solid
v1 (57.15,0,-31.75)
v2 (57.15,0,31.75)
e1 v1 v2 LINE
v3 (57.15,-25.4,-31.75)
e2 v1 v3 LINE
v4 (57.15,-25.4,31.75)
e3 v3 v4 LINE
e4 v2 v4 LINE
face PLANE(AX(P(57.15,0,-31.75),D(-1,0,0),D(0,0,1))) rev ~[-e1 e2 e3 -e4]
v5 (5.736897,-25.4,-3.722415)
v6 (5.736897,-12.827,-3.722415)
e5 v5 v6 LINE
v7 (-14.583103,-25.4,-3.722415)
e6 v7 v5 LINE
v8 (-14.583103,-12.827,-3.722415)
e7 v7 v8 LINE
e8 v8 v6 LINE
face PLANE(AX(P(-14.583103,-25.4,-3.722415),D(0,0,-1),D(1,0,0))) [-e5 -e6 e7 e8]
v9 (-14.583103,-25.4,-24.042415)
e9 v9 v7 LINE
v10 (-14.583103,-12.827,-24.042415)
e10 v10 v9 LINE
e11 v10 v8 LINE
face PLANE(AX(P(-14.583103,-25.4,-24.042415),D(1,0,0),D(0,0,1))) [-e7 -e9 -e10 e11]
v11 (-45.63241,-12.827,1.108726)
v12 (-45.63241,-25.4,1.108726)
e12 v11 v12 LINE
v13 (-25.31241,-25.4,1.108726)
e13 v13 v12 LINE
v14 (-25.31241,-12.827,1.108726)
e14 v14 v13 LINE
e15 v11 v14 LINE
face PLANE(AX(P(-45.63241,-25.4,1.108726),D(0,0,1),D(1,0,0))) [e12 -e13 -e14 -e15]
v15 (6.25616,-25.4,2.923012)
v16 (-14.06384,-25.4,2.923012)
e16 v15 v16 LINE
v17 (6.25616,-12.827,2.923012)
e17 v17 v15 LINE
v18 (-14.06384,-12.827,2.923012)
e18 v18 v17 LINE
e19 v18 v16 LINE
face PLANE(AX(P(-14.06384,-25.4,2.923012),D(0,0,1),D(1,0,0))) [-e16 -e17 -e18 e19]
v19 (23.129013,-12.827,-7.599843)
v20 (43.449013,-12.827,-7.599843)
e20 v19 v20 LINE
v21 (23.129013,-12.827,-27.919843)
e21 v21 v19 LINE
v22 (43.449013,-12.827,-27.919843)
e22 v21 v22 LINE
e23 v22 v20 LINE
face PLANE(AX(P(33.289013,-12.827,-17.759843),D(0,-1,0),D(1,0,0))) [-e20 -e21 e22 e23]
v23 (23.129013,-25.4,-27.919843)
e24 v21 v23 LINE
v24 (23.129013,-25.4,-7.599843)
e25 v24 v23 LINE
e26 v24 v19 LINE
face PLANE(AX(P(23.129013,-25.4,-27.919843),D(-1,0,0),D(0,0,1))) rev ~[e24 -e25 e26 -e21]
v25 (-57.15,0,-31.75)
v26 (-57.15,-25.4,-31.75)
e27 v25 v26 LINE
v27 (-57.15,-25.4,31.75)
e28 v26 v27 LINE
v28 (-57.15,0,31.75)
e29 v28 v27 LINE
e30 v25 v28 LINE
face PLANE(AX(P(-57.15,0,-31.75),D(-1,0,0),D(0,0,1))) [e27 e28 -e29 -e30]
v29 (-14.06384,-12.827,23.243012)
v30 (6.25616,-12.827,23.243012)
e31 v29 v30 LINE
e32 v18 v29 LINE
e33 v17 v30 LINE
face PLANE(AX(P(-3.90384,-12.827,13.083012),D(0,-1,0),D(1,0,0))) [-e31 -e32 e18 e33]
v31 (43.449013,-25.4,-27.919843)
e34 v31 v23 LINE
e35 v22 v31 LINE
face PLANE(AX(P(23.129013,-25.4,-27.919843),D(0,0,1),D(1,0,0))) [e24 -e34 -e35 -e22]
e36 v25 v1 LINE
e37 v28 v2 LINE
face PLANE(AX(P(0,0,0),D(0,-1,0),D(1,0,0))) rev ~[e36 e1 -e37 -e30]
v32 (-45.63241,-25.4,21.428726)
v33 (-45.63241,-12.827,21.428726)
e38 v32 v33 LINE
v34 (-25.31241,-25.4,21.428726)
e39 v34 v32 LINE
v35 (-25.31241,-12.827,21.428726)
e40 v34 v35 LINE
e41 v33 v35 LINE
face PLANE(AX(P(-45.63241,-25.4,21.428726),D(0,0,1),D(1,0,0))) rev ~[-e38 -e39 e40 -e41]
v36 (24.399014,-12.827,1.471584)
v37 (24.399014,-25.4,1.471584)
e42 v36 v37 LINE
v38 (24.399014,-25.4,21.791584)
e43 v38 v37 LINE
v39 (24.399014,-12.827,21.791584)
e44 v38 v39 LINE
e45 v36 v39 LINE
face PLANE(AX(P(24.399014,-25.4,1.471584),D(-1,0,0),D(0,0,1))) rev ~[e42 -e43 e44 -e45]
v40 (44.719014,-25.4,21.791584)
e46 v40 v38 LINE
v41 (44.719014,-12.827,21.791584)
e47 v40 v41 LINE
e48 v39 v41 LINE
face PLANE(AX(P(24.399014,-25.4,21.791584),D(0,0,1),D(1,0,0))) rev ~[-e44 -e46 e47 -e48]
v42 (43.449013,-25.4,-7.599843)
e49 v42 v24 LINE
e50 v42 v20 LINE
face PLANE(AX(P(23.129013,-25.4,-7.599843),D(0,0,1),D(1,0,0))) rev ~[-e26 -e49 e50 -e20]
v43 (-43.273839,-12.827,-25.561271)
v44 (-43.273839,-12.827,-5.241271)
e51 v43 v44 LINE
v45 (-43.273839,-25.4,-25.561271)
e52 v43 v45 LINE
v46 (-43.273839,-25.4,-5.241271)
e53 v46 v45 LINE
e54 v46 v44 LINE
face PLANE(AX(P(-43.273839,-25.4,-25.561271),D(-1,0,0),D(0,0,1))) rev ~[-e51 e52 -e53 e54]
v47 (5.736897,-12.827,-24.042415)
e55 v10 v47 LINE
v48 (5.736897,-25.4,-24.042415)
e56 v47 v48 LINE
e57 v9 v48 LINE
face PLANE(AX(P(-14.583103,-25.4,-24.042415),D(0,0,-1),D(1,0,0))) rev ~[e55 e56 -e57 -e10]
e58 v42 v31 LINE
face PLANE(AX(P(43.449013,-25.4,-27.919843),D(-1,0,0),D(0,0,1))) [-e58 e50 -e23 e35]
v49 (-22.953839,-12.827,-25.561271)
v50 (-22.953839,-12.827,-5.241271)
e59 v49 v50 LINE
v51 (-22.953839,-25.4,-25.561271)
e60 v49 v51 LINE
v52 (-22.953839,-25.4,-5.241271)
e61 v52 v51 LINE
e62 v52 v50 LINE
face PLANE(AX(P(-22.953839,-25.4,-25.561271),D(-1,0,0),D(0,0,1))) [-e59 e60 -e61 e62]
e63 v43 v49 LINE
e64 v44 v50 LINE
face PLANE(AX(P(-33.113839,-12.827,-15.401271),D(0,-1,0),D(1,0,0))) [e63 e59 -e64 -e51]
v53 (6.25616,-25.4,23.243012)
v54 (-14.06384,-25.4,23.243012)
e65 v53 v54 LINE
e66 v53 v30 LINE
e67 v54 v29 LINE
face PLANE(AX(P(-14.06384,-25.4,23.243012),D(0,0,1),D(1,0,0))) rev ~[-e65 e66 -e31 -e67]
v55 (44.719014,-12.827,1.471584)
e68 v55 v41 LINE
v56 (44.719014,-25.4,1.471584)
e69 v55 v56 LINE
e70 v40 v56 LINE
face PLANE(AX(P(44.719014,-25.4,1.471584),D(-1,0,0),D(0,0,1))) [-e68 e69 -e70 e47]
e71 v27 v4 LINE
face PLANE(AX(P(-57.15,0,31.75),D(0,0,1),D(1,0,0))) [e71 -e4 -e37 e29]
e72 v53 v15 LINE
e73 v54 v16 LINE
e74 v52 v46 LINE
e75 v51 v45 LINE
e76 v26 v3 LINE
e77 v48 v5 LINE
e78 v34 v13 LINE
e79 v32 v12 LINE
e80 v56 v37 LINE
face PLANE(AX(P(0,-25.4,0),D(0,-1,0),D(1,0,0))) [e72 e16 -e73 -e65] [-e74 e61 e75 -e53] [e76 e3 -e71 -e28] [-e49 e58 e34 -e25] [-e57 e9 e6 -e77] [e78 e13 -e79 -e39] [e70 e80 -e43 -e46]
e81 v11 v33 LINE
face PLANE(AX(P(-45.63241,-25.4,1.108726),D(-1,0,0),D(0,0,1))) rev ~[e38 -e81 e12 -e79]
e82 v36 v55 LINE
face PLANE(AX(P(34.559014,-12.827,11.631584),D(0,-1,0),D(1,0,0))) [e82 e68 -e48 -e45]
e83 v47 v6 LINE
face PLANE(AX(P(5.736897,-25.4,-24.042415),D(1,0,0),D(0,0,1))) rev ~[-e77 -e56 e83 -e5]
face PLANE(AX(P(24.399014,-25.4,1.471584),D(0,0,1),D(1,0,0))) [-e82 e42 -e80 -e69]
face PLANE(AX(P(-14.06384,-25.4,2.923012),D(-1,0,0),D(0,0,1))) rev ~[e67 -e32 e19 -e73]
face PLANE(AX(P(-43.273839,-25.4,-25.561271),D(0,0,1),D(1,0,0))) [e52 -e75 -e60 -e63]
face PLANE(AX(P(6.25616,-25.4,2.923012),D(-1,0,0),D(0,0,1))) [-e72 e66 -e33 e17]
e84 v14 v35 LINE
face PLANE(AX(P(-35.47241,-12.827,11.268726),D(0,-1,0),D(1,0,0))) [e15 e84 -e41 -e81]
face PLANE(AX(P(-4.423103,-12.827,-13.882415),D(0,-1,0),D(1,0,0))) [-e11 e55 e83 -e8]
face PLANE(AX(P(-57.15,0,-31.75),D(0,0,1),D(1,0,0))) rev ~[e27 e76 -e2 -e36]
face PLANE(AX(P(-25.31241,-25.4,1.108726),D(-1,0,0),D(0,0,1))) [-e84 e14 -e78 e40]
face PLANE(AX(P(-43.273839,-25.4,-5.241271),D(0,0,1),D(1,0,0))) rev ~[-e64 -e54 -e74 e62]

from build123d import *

# Parameters (mm, degrees)
F0_W     = 114.3
F0_H     = 63.5
F1_DEPTH = 25.4
F2_W     = 20.32
F2_H     = 20.32
F3_DEPTH = 12.573


with BuildPart() as f1:
    # F0 (on Front) → F1 (new body)
    with BuildSketch(Plane.XZ):
        Rectangle(F0_W, F0_H)
    extrude(amount=F1_DEPTH)

    # F2 (on face) → F3 (cut, symmetric)
    with BuildSketch(Plane.XZ.offset(25.4)):
        with Locations((-35.47241, 11.268726)):
            Rectangle(F2_W, F2_H)
        with Locations((-3.90384, 13.083012)):
            Rectangle(F2_W, F2_H)
        with Locations((34.559014, 11.631584)):
            Rectangle(F2_W, F2_H)
        with Locations((-33.113839, -15.401271)):
            Rectangle(F2_W, F2_H)
        with Locations((33.289013, -17.759843)):
            Rectangle(F2_W, F2_H)
        with Locations((-4.423103, -13.882415)):
            Rectangle(F2_W, F2_H)
    extrude(amount=F3_DEPTH, both=True, mode=Mode.SUBTRACT)


solid = f1.part
